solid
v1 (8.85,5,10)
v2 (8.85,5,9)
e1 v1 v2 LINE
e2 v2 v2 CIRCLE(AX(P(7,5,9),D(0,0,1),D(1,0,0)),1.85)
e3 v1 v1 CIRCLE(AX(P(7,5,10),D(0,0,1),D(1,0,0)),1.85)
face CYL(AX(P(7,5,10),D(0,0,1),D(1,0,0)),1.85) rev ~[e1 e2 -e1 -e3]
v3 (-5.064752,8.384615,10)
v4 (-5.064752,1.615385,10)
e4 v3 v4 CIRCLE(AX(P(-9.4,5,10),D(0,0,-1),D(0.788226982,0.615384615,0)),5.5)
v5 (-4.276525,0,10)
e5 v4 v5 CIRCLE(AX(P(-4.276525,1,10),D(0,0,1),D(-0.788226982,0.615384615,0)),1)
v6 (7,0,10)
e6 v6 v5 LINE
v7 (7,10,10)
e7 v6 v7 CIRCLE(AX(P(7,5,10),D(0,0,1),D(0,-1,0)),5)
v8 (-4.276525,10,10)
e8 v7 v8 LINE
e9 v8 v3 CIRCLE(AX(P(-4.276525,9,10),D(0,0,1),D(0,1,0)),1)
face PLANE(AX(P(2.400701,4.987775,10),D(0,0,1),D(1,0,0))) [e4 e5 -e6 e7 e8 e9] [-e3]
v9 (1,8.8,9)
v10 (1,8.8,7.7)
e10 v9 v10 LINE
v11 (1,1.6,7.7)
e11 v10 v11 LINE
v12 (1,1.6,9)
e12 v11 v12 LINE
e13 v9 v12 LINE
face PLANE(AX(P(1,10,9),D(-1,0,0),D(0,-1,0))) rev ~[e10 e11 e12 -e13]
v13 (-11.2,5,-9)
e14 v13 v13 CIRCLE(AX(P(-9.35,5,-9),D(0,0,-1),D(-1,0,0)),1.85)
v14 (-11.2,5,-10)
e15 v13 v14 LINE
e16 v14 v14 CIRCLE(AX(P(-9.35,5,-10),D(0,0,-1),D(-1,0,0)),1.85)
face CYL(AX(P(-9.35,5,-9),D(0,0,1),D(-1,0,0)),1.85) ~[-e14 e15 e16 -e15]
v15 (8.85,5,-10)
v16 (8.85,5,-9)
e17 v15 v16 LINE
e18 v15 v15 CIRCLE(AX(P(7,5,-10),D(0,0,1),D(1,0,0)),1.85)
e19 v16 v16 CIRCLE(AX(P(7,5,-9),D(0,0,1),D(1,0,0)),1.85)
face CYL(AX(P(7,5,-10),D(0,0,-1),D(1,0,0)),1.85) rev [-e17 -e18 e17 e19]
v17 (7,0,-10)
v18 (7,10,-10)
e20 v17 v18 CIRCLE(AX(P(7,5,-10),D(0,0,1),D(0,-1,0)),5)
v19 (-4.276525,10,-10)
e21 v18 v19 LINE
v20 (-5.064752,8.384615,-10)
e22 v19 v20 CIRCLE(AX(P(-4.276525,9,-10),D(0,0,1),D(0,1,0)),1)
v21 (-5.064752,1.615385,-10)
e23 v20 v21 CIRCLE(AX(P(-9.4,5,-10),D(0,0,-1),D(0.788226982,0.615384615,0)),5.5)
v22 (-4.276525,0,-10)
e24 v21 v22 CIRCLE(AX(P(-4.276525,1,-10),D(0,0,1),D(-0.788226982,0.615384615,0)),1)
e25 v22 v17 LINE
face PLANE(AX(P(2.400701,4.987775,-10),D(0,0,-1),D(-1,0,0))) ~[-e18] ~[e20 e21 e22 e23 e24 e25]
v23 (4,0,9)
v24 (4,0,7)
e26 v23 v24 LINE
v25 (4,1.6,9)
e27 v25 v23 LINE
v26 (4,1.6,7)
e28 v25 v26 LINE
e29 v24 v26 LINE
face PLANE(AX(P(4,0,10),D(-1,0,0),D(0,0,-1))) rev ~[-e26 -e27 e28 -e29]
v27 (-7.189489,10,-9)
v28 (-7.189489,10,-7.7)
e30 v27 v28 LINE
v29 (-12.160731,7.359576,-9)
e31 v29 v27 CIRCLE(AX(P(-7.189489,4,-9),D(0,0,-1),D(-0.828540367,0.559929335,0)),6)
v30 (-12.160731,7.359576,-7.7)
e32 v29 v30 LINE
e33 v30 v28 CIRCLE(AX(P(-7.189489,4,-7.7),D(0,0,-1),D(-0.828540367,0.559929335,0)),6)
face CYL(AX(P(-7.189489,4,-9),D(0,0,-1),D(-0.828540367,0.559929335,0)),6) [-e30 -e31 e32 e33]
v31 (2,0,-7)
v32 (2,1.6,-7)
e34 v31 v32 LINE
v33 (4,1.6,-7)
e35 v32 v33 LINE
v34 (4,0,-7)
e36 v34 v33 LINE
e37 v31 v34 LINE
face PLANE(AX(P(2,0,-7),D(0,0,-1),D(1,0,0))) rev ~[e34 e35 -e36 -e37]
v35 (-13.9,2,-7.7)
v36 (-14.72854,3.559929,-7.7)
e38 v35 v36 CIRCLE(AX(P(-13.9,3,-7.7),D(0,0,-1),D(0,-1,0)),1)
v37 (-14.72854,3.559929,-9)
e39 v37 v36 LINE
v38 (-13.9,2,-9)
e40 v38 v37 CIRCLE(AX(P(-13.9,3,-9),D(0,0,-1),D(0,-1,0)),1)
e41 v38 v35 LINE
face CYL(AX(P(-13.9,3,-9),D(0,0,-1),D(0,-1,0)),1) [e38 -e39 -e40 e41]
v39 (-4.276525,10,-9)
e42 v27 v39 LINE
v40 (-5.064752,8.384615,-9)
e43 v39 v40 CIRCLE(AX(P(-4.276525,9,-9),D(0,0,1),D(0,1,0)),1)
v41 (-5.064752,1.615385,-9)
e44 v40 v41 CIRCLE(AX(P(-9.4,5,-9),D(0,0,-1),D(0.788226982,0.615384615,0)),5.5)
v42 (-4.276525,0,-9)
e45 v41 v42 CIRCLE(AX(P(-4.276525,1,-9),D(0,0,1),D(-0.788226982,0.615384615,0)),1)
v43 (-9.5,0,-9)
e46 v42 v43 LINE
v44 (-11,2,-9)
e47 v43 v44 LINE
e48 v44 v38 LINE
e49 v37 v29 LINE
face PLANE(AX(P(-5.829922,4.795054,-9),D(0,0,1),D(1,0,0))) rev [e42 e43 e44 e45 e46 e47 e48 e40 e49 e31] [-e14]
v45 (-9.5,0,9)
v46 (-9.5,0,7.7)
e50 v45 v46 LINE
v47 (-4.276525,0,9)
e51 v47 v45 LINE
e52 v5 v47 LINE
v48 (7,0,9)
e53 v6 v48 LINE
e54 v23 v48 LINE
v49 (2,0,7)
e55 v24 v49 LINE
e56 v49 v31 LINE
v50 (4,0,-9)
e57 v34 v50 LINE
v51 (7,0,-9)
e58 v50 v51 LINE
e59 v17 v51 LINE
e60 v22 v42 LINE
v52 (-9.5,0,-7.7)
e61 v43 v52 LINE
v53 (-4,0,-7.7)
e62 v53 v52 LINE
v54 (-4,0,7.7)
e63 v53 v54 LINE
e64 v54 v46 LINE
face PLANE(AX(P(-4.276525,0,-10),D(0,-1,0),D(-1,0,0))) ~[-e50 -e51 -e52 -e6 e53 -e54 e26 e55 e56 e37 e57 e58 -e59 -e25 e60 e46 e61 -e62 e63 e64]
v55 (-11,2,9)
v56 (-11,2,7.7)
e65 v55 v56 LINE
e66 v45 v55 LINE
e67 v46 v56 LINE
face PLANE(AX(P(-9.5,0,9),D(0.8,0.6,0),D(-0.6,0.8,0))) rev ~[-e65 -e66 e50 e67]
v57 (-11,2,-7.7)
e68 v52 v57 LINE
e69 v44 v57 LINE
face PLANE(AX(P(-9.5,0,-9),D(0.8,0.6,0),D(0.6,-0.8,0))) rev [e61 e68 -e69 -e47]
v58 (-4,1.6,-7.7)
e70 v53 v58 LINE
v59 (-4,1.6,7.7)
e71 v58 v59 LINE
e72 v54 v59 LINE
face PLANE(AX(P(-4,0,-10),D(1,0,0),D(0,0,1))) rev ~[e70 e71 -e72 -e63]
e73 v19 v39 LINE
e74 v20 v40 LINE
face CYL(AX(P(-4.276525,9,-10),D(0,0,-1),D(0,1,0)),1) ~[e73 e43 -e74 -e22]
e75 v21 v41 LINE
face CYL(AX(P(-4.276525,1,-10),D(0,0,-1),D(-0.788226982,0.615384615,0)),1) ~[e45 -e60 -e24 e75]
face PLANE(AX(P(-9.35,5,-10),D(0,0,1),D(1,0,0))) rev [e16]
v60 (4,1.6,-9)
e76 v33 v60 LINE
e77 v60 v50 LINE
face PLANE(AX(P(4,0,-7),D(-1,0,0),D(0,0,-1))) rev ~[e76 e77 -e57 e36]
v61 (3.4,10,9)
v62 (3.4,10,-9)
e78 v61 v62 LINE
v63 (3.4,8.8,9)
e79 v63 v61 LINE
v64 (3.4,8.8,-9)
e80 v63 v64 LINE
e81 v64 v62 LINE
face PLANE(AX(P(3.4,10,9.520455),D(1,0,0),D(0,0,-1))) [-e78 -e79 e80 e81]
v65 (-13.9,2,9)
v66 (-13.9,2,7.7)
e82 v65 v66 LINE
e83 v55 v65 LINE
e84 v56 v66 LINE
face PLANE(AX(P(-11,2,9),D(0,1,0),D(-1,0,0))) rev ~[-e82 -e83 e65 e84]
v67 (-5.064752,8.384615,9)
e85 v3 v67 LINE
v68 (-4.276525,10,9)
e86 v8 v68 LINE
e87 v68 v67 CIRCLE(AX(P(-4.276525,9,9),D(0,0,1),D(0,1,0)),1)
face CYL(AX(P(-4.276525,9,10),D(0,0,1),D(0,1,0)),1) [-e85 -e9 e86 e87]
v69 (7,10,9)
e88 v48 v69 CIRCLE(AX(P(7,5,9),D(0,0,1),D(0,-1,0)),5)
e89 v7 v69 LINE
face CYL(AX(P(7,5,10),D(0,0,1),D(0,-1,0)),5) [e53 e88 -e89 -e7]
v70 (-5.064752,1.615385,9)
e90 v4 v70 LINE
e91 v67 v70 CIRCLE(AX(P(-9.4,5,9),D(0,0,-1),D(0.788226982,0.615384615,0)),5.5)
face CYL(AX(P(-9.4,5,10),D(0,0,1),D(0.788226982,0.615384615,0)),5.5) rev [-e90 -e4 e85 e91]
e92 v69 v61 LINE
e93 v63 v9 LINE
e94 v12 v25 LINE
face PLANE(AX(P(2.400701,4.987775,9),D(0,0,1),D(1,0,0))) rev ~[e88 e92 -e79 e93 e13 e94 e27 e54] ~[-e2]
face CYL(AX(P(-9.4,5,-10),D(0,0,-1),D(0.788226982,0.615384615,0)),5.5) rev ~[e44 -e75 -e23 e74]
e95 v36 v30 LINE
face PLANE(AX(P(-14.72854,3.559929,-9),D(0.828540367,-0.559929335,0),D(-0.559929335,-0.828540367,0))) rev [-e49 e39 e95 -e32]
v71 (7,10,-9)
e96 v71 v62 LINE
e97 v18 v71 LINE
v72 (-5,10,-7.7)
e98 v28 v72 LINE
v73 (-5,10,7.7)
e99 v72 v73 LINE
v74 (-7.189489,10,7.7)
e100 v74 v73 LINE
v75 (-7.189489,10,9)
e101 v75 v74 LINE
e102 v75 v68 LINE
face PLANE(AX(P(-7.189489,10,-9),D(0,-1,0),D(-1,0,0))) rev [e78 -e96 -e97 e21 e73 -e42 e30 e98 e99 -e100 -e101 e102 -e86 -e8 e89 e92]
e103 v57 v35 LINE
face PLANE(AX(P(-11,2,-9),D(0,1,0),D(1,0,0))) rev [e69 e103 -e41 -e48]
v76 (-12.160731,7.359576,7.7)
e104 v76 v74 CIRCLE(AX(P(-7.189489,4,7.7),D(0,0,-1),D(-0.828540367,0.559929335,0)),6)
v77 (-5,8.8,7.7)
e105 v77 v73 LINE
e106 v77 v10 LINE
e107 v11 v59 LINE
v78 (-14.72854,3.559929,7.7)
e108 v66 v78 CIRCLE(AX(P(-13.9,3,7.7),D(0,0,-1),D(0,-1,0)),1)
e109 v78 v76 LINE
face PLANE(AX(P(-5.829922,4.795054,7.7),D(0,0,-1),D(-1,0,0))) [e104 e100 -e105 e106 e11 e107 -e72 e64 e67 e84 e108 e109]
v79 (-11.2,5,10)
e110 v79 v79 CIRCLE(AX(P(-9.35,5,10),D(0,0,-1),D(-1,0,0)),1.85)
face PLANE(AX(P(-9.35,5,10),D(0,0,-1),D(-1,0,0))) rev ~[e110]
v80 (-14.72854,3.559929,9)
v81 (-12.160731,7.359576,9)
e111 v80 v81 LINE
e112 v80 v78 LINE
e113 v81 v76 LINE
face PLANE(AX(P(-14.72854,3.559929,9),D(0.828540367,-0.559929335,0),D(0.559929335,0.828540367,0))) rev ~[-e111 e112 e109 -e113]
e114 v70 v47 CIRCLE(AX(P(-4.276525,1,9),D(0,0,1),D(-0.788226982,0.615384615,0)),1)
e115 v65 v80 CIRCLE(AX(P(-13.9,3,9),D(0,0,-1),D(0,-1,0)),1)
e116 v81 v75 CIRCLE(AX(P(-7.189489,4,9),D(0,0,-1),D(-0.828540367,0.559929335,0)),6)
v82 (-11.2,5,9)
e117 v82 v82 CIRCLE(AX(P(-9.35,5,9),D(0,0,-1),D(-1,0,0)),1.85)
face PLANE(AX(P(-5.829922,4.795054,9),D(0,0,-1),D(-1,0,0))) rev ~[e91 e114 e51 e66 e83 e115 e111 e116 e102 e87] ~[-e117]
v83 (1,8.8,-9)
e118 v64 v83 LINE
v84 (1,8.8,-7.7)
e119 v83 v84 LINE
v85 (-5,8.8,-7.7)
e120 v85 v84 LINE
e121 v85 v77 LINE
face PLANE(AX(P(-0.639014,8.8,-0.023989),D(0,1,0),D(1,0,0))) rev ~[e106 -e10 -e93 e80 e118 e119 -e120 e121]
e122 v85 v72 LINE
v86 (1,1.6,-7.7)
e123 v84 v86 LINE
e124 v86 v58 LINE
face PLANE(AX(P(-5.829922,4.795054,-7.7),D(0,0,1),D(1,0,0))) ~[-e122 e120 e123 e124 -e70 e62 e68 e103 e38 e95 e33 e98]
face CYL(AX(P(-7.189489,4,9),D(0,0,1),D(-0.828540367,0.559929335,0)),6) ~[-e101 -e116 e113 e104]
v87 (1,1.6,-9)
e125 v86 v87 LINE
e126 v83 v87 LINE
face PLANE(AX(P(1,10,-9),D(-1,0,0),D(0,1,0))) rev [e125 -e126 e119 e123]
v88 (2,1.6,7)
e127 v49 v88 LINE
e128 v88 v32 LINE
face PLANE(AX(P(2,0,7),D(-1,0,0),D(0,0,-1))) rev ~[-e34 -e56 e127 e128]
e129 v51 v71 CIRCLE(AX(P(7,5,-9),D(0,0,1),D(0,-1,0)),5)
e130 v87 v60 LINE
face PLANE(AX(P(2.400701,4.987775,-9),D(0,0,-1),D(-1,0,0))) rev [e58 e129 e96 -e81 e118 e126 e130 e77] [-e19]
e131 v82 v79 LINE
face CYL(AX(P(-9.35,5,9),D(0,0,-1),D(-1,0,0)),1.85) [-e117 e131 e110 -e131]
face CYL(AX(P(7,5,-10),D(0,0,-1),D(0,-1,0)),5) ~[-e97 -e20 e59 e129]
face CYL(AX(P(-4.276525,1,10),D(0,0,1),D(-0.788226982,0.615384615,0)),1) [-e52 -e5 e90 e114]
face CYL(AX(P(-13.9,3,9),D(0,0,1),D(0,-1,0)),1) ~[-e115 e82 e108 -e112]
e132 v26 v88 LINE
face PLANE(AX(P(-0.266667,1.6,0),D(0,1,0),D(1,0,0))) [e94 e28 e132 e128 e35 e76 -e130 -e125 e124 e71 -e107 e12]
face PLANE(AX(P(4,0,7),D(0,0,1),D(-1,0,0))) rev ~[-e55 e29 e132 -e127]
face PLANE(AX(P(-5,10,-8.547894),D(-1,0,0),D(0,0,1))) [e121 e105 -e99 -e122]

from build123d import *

# Parameters (mm, degrees)
BASE_DEPTH          = 1.6
SKETCH4_R           = 1.85
ONESIDE_DEPTH       = 1
ANOTHERSIDE_DEPTH   = 1.3
SKETCH5_3_R         = 1.85
PIN_DEPTH           = 1
BOSS_EXTRUDE9_DEPTH = 1.2


with BuildPart() as part:
    # Sketch3 → Base (new body)
    with BuildSketch(Plane(origin=(0, 0, 0), x_dir=(1, 0, 0), z_dir=(0, 1, 0))):
        Polygon((4, 7), (4, 10), (-4, 10), (-4, -10), (4, -10), (4, -7), (2, -7), (2, 7), align=None)
    extrude(amount=BASE_DEPTH)

    # Sketch4 → OneSide (add)
    with BuildSketch(Plane.XY.offset(10)):
        with BuildLine():
            ThreePointArc((-5.064751599, 1.615384615), (-5.175241651, 0.56147099), (-4.276524617, 0))
            Line((-4.276524617, 0), (-4, 0))
            Line((-4, 0), (-4, 1.6))
            Line((-4, 1.6), (4, 1.6))
            Line((4, 1.6), (4, 0))
            Line((4, 0), (7, 0))
            ThreePointArc((7, 0), (12, 5), (7, 10))
            Line((7, 10), (-4.276524617, 10))
            ThreePointArc((-4.276524617, 10), (-5.175241651, 9.43852901), (-5.064751599, 8.384615385))
            ThreePointArc((-5.064751599, 8.384615385), (-3.9, 5), (-5.064751599, 1.615384615))
        make_face()
        with Locations((7, 5)):
            Circle(SKETCH4_R, mode=Mode.SUBTRACT)
    oneside = extrude(amount=-ONESIDE_DEPTH)

    # Sketch5 → AnotherSide (add)
    with BuildSketch(Plane(origin=(0, 0, 9), x_dir=(-1, 0, 0), z_dir=(0, 0, -1))):
        with BuildLine():
            Line((-1, 10), (-1, 0))
            Line((-1, 0), (9.5, 0))
            Line((9.5, 0), (11, 2))
            Line((11, 2), (13.9, 2))
            ThreePointArc((13.9, 2), (14.783156083, 2.530920761), (14.728540367, 3.559929335))
            Line((14.728540367, 3.559929335), (12.160731096, 7.35957601))
            ThreePointArc((12.160731096, 7.35957601), (10.003964328, 9.2989365), (7.189488894, 10))
            Line((7.189488894, 10), (-1, 10))
        make_face()
    anotherside = extrude(amount=ANOTHERSIDE_DEPTH)

    # Sketch5<3> → Pin (add)
    with BuildSketch(Plane(origin=(0, 0, 9), x_dir=(-1, 0, 0), z_dir=(0, 0, -1))):
        with Locations((9.35, 5)):
            Circle(SKETCH5_3_R)
    pin = extrude(amount=-PIN_DEPTH)

    # Mirror1: OneSide, AnotherSide, Pin across plane
    add(oneside.mirror(Plane.XY))
    add(anotherside.mirror(Plane.XY))
    add(pin.mirror(Plane.XY))

    # Sketch6 → Boss-Extrude9 (add)
    with BuildSketch(Plane(origin=(0, 10, 0), x_dir=(1, 0, 0), z_dir=(0, 1, 0))):
        Polygon((-5, 8.547893693), (-5, -8.525702736), (3.4, -9.520454617), (3.4, 9.588680541), align=None)
    extrude(amount=-BOSS_EXTRUDE9_DEPTH)


solid = part.part
